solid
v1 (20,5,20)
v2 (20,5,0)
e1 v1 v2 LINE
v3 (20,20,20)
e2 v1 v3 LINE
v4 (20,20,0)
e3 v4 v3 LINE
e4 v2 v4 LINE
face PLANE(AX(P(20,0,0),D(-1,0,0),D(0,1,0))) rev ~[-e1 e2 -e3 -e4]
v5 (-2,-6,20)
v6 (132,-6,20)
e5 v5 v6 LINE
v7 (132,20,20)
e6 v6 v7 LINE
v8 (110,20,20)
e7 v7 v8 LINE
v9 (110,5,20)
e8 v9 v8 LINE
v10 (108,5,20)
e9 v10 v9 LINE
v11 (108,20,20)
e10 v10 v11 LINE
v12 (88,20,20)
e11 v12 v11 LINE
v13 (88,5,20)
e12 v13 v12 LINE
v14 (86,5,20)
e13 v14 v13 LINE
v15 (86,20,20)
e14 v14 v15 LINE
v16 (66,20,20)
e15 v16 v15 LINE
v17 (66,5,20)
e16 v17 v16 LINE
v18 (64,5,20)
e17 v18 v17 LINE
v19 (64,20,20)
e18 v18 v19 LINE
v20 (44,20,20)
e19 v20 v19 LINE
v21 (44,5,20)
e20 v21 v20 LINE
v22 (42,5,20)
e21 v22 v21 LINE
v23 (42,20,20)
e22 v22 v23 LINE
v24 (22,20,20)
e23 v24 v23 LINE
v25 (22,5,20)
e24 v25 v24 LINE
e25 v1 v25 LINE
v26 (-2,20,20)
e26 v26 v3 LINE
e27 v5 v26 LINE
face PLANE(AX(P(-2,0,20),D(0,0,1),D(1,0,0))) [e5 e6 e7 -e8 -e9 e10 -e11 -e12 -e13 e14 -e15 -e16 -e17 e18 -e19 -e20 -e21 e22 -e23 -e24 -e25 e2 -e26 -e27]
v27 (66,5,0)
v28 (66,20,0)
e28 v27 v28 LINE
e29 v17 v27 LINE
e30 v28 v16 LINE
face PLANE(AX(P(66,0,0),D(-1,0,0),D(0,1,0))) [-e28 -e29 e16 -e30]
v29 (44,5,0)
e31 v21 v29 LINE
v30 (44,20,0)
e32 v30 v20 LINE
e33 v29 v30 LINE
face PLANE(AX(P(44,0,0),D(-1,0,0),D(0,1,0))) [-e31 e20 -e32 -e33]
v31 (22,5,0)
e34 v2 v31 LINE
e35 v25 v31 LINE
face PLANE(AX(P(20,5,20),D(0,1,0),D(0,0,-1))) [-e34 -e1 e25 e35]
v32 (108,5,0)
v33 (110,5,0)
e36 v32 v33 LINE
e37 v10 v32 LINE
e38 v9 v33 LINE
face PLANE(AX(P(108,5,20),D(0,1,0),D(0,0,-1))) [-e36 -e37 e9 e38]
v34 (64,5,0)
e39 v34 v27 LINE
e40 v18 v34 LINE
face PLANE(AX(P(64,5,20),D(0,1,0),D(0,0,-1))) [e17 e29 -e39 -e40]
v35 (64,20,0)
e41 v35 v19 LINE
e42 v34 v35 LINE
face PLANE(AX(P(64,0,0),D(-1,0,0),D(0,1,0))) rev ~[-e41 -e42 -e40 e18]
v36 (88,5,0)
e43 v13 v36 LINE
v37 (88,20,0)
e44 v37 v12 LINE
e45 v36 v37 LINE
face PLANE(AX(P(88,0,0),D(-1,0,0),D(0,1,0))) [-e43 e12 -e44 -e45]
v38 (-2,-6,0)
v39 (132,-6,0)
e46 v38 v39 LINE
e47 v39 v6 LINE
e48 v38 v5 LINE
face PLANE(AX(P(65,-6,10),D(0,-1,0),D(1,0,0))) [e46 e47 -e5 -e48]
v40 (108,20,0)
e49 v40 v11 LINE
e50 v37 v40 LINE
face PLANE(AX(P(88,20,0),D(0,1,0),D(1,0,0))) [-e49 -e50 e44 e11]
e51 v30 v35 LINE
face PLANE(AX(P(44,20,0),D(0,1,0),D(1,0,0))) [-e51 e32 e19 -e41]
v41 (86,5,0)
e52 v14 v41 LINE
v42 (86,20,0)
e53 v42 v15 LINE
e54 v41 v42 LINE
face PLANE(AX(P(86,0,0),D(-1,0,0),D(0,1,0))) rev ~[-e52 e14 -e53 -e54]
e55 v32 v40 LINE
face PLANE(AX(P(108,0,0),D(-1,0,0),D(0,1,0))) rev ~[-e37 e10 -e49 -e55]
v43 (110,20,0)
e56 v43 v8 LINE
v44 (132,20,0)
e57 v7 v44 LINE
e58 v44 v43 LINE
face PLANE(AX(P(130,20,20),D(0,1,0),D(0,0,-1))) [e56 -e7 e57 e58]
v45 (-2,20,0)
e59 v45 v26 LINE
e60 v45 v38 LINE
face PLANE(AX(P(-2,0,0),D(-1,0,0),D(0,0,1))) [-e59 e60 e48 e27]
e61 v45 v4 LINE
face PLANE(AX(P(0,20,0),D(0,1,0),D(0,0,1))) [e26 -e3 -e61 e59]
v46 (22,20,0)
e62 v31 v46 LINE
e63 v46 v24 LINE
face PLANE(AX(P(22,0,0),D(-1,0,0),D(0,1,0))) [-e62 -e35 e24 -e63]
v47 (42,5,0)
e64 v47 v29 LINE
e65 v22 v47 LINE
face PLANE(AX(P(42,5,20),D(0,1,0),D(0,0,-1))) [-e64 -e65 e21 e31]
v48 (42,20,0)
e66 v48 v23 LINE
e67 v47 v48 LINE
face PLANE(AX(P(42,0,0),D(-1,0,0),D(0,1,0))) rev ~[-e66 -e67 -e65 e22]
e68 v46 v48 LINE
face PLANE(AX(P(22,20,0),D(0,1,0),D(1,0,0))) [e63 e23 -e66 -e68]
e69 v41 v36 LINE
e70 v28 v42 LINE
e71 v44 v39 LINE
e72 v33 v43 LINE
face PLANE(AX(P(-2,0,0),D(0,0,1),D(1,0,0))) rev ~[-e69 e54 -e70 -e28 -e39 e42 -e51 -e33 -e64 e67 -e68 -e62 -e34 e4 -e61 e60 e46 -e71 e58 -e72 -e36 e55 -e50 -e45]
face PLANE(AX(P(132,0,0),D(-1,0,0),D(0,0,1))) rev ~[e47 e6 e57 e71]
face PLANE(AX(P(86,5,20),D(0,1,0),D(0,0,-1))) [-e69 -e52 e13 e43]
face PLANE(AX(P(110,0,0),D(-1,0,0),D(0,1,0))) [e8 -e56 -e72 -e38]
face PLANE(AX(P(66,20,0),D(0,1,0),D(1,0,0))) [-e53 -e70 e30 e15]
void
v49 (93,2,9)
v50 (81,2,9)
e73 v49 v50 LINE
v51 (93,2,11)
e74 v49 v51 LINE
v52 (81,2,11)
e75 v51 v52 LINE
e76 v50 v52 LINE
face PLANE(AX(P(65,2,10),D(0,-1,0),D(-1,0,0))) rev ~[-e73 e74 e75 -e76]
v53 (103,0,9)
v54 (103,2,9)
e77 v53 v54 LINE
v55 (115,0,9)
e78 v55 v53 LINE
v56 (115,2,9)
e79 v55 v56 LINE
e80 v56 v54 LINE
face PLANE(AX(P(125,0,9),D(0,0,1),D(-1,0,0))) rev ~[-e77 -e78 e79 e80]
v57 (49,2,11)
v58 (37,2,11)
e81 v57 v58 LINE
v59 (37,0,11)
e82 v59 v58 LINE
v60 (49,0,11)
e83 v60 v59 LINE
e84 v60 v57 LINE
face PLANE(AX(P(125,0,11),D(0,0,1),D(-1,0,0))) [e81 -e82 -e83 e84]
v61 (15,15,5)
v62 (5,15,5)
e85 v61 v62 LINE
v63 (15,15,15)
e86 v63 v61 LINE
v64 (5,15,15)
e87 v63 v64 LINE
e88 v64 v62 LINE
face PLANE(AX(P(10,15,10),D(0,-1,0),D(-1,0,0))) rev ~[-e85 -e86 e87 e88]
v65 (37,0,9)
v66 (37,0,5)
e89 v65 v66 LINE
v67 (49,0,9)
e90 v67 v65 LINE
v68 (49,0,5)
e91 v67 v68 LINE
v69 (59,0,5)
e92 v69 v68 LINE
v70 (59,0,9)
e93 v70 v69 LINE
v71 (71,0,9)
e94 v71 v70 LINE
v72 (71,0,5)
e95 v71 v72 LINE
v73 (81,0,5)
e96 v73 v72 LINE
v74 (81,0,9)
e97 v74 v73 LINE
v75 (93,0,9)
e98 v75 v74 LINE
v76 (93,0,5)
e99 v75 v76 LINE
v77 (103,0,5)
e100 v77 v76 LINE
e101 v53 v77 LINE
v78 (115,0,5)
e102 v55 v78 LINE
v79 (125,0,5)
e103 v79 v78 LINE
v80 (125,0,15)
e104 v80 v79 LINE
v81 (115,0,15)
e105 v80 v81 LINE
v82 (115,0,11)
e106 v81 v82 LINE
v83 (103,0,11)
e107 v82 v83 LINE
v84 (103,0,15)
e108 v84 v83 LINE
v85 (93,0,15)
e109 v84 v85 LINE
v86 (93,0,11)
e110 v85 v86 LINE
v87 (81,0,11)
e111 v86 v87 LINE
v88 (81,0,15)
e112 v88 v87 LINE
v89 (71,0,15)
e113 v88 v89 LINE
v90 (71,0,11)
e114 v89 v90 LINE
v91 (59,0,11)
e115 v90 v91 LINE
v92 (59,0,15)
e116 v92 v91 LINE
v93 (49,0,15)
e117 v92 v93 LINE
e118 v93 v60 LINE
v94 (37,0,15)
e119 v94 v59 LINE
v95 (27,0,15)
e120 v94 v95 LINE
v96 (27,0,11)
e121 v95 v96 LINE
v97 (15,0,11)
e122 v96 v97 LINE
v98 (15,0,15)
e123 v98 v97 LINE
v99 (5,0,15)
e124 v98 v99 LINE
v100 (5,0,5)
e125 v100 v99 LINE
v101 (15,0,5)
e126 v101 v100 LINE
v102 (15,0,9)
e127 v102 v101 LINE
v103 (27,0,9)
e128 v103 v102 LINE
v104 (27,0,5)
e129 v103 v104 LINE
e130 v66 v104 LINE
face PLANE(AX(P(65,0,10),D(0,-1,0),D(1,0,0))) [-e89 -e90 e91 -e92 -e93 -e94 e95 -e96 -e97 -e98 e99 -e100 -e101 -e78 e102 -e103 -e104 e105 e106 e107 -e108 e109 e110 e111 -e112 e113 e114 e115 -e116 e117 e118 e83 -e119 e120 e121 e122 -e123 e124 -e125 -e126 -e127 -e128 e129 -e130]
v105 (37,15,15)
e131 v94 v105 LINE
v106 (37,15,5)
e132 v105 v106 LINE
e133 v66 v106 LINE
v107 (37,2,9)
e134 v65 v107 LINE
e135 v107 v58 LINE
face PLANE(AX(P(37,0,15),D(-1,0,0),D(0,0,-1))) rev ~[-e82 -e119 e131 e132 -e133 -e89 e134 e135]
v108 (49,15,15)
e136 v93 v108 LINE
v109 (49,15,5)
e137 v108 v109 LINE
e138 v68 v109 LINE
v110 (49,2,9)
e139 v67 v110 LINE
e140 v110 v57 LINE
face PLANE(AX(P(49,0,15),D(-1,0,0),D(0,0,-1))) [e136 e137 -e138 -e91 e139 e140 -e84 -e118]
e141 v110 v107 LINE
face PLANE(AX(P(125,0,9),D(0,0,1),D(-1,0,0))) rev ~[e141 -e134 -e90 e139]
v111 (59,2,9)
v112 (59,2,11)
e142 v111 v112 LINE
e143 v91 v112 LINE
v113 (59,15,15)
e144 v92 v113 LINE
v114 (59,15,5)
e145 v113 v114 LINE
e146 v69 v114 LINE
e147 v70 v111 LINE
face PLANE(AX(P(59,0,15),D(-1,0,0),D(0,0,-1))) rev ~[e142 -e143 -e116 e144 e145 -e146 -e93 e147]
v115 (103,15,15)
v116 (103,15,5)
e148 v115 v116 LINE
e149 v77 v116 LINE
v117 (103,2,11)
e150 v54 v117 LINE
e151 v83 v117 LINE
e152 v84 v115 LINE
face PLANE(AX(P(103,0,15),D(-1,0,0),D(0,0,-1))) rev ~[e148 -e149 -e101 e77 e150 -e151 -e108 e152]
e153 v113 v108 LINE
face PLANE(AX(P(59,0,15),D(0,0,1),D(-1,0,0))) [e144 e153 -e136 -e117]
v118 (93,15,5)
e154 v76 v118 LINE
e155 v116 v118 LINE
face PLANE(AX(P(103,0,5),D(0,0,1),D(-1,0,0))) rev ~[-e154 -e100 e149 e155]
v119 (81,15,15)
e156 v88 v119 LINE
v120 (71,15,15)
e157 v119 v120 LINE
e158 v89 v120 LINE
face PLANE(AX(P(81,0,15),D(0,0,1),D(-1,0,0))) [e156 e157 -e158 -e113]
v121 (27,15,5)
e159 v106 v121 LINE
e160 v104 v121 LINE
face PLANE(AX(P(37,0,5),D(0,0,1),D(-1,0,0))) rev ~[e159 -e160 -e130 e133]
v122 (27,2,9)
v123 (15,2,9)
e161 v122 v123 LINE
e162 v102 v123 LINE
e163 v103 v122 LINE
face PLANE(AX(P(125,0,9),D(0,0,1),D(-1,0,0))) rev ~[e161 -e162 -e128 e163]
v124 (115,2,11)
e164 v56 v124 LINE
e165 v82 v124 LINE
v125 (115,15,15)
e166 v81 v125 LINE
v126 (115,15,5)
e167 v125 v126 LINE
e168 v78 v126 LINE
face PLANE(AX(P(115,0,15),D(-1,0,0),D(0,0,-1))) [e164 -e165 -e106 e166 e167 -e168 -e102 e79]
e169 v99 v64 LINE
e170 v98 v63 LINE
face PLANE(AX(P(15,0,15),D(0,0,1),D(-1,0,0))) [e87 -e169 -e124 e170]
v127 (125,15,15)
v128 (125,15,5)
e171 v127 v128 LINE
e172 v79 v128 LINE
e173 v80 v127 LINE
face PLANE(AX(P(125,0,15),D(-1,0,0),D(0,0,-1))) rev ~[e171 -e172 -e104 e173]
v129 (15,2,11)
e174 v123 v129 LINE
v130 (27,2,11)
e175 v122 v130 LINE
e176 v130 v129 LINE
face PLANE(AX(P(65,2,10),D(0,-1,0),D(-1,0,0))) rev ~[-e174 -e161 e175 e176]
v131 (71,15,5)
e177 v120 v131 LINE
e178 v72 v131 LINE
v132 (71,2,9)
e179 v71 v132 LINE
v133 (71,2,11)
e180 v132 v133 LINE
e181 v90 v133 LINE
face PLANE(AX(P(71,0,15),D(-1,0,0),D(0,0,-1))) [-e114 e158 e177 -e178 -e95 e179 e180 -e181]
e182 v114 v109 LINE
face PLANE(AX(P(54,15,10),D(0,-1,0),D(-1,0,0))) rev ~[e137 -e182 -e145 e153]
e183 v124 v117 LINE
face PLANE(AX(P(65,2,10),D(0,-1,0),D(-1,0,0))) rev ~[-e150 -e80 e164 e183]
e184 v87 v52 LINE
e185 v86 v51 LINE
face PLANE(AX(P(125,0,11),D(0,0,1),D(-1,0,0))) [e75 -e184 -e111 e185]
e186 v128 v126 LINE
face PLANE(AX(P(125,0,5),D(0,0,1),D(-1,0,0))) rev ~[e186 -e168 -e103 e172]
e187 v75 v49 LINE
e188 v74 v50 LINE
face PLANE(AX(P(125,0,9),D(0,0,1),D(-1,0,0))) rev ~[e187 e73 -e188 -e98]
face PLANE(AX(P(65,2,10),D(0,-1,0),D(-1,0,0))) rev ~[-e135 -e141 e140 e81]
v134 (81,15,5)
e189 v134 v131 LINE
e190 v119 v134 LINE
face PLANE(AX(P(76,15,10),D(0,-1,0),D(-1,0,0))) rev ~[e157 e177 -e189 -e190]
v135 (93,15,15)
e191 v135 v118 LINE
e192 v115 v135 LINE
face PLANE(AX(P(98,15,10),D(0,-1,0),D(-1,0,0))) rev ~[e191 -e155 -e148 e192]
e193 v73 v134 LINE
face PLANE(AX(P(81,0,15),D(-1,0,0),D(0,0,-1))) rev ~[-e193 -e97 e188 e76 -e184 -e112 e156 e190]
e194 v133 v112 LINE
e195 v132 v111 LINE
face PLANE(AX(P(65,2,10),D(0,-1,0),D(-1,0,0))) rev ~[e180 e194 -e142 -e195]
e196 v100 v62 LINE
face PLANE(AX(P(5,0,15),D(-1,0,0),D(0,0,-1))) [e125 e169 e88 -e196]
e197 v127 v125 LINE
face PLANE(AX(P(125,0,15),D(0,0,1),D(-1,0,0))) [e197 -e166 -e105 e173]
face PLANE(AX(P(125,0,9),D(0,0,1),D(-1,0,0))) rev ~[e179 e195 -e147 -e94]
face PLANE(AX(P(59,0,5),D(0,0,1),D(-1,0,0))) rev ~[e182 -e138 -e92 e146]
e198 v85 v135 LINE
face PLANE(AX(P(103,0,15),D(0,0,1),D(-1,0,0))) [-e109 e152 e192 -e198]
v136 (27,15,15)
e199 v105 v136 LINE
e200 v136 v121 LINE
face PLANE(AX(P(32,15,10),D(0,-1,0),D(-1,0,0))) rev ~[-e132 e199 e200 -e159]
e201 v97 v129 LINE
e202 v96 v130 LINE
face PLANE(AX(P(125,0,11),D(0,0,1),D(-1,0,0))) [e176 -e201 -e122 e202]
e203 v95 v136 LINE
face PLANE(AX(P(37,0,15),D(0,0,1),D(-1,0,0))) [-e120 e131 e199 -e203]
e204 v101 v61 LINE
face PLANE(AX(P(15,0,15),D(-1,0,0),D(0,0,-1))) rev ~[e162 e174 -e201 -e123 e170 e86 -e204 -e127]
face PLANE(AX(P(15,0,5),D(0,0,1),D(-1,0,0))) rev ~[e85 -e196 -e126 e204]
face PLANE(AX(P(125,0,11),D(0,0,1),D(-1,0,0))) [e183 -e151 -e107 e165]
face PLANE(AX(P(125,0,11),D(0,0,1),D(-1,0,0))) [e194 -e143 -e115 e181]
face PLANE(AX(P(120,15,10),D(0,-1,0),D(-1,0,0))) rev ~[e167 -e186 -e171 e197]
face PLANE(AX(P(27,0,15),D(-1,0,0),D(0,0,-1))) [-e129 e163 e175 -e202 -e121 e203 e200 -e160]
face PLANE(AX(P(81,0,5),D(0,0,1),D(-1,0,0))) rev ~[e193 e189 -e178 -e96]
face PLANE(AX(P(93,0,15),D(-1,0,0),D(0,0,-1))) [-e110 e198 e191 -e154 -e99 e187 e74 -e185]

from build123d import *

# Parameters (mm, degrees)
SKETCH1_W           = 20
SKETCH1_H           = 20
BOSS_EXTRUDE1_DEPTH = 20
SKETCH2_W           = 10
SKETCH2_H           = 10
CUT_EXTRUDE1_DEPTH  = 15
SKETCH3_W           = 20
SKETCH3_H           = 5
BOSS_EXTRUDE2_DEPTH = 2
LPATTERN1_COUNT     = 6
LPATTERN1_PITCH     = 22
SKETCH4_W           = 20
SKETCH4_H           = 15
BOSS_EXTRUDE3_DEPTH = 2
SKETCH5_W           = 20
SKETCH5_H           = 20
BOSS_EXTRUDE5_DEPTH = 2
SKETCH7_W           = 120
SKETCH7_H           = 2
CUT_EXTRUDE2_DEPTH  = 2
SKETCH8_W           = 134
SKETCH8_H           = 20
BOSS_EXTRUDE6_DEPTH = 6


with BuildPart() as part:
    # Sketch1 → Boss-Extrude1 (new body)
    with BuildSketch(Plane.XY):
        with Locations((10, 10)):
            Rectangle(SKETCH1_W, SKETCH1_H)
    extrude(amount=BOSS_EXTRUDE1_DEPTH)

    # Sketch2 → Cut-Extrude1 (cut)
    with BuildSketch(Plane(origin=(0, 0, 0), x_dir=(-1, 0, 0), z_dir=(0, -1, 0))):
        with Locations((-10, -10)):
            Rectangle(SKETCH2_W, SKETCH2_H)
    extrude(amount=-CUT_EXTRUDE1_DEPTH, mode=Mode.SUBTRACT)

    # Sketch3 → Boss-Extrude2 (add)
    with BuildSketch(Plane(origin=(20, 0, 0), x_dir=(0, 0, -1), z_dir=(1, 0, 0))):
        with Locations((-10, 2.5)):
            Rectangle(SKETCH3_W, SKETCH3_H)
    extrude(amount=BOSS_EXTRUDE2_DEPTH)


with BuildPart() as lpattern1_1:
    # LPattern1: pattern copy
    add(part.part.moved(Location(Vector(1, 0, 0) * (1 * LPATTERN1_PITCH))))


with BuildPart() as lpattern1_2:
    # LPattern1: pattern copy
    add(part.part.moved(Location(Vector(1, 0, 0) * (2 * LPATTERN1_PITCH))))


with BuildPart() as lpattern1_3:
    # LPattern1: pattern copy
    add(part.part.moved(Location(Vector(1, 0, 0) * (3 * LPATTERN1_PITCH))))


with BuildPart() as lpattern1_4:
    # LPattern1: pattern copy
    add(part.part.moved(Location(Vector(1, 0, 0) * (4 * LPATTERN1_PITCH))))


with BuildPart() as lpattern1_5:
    # LPattern1: pattern copy
    add(part.part.moved(Location(Vector(1, 0, 0) * (5 * LPATTERN1_PITCH))))


with BuildPart() as lpattern1_1_1:
    add(lpattern1_1.part)

    # Combine1: union LPattern1_2, LPattern1_3, part, LPattern1_4, LPattern1_5
    add(lpattern1_2.part)
    add(lpattern1_3.part)
    add(part.part)
    add(lpattern1_4.part)
    add(lpattern1_5.part)

    # Sketch4 → Boss-Extrude3 (add)
    with BuildSketch(Plane(origin=(130, 0, 0), x_dir=(0, 0, -1), z_dir=(1, 0, 0))):
        with Locations((-10, 12.5)):
            Rectangle(SKETCH4_W, SKETCH4_H)
    extrude(amount=BOSS_EXTRUDE3_DEPTH)

    # Sketch5 → Boss-Extrude5 (add)
    with BuildSketch(Plane.ZY):
        with Locations((10, 10)):
            Rectangle(SKETCH5_W, SKETCH5_H)
    extrude(amount=BOSS_EXTRUDE5_DEPTH)

    # Sketch7 → Cut-Extrude2 (cut)
    with BuildSketch(Plane(origin=(0, 0, 0), x_dir=(-1, 0, 0), z_dir=(0, -1, 0))):
        with Locations((-65, -10)):
            Rectangle(SKETCH7_W, SKETCH7_H)
    extrude(amount=-CUT_EXTRUDE2_DEPTH, mode=Mode.SUBTRACT)

    # Sketch8 → Boss-Extrude6 (add)
    with BuildSketch(Plane.XZ):
        with Locations((65, 10)):
            Rectangle(SKETCH8_W, SKETCH8_H)
    extrude(amount=BOSS_EXTRUDE6_DEPTH)


solid = lpattern1_1_1.part
